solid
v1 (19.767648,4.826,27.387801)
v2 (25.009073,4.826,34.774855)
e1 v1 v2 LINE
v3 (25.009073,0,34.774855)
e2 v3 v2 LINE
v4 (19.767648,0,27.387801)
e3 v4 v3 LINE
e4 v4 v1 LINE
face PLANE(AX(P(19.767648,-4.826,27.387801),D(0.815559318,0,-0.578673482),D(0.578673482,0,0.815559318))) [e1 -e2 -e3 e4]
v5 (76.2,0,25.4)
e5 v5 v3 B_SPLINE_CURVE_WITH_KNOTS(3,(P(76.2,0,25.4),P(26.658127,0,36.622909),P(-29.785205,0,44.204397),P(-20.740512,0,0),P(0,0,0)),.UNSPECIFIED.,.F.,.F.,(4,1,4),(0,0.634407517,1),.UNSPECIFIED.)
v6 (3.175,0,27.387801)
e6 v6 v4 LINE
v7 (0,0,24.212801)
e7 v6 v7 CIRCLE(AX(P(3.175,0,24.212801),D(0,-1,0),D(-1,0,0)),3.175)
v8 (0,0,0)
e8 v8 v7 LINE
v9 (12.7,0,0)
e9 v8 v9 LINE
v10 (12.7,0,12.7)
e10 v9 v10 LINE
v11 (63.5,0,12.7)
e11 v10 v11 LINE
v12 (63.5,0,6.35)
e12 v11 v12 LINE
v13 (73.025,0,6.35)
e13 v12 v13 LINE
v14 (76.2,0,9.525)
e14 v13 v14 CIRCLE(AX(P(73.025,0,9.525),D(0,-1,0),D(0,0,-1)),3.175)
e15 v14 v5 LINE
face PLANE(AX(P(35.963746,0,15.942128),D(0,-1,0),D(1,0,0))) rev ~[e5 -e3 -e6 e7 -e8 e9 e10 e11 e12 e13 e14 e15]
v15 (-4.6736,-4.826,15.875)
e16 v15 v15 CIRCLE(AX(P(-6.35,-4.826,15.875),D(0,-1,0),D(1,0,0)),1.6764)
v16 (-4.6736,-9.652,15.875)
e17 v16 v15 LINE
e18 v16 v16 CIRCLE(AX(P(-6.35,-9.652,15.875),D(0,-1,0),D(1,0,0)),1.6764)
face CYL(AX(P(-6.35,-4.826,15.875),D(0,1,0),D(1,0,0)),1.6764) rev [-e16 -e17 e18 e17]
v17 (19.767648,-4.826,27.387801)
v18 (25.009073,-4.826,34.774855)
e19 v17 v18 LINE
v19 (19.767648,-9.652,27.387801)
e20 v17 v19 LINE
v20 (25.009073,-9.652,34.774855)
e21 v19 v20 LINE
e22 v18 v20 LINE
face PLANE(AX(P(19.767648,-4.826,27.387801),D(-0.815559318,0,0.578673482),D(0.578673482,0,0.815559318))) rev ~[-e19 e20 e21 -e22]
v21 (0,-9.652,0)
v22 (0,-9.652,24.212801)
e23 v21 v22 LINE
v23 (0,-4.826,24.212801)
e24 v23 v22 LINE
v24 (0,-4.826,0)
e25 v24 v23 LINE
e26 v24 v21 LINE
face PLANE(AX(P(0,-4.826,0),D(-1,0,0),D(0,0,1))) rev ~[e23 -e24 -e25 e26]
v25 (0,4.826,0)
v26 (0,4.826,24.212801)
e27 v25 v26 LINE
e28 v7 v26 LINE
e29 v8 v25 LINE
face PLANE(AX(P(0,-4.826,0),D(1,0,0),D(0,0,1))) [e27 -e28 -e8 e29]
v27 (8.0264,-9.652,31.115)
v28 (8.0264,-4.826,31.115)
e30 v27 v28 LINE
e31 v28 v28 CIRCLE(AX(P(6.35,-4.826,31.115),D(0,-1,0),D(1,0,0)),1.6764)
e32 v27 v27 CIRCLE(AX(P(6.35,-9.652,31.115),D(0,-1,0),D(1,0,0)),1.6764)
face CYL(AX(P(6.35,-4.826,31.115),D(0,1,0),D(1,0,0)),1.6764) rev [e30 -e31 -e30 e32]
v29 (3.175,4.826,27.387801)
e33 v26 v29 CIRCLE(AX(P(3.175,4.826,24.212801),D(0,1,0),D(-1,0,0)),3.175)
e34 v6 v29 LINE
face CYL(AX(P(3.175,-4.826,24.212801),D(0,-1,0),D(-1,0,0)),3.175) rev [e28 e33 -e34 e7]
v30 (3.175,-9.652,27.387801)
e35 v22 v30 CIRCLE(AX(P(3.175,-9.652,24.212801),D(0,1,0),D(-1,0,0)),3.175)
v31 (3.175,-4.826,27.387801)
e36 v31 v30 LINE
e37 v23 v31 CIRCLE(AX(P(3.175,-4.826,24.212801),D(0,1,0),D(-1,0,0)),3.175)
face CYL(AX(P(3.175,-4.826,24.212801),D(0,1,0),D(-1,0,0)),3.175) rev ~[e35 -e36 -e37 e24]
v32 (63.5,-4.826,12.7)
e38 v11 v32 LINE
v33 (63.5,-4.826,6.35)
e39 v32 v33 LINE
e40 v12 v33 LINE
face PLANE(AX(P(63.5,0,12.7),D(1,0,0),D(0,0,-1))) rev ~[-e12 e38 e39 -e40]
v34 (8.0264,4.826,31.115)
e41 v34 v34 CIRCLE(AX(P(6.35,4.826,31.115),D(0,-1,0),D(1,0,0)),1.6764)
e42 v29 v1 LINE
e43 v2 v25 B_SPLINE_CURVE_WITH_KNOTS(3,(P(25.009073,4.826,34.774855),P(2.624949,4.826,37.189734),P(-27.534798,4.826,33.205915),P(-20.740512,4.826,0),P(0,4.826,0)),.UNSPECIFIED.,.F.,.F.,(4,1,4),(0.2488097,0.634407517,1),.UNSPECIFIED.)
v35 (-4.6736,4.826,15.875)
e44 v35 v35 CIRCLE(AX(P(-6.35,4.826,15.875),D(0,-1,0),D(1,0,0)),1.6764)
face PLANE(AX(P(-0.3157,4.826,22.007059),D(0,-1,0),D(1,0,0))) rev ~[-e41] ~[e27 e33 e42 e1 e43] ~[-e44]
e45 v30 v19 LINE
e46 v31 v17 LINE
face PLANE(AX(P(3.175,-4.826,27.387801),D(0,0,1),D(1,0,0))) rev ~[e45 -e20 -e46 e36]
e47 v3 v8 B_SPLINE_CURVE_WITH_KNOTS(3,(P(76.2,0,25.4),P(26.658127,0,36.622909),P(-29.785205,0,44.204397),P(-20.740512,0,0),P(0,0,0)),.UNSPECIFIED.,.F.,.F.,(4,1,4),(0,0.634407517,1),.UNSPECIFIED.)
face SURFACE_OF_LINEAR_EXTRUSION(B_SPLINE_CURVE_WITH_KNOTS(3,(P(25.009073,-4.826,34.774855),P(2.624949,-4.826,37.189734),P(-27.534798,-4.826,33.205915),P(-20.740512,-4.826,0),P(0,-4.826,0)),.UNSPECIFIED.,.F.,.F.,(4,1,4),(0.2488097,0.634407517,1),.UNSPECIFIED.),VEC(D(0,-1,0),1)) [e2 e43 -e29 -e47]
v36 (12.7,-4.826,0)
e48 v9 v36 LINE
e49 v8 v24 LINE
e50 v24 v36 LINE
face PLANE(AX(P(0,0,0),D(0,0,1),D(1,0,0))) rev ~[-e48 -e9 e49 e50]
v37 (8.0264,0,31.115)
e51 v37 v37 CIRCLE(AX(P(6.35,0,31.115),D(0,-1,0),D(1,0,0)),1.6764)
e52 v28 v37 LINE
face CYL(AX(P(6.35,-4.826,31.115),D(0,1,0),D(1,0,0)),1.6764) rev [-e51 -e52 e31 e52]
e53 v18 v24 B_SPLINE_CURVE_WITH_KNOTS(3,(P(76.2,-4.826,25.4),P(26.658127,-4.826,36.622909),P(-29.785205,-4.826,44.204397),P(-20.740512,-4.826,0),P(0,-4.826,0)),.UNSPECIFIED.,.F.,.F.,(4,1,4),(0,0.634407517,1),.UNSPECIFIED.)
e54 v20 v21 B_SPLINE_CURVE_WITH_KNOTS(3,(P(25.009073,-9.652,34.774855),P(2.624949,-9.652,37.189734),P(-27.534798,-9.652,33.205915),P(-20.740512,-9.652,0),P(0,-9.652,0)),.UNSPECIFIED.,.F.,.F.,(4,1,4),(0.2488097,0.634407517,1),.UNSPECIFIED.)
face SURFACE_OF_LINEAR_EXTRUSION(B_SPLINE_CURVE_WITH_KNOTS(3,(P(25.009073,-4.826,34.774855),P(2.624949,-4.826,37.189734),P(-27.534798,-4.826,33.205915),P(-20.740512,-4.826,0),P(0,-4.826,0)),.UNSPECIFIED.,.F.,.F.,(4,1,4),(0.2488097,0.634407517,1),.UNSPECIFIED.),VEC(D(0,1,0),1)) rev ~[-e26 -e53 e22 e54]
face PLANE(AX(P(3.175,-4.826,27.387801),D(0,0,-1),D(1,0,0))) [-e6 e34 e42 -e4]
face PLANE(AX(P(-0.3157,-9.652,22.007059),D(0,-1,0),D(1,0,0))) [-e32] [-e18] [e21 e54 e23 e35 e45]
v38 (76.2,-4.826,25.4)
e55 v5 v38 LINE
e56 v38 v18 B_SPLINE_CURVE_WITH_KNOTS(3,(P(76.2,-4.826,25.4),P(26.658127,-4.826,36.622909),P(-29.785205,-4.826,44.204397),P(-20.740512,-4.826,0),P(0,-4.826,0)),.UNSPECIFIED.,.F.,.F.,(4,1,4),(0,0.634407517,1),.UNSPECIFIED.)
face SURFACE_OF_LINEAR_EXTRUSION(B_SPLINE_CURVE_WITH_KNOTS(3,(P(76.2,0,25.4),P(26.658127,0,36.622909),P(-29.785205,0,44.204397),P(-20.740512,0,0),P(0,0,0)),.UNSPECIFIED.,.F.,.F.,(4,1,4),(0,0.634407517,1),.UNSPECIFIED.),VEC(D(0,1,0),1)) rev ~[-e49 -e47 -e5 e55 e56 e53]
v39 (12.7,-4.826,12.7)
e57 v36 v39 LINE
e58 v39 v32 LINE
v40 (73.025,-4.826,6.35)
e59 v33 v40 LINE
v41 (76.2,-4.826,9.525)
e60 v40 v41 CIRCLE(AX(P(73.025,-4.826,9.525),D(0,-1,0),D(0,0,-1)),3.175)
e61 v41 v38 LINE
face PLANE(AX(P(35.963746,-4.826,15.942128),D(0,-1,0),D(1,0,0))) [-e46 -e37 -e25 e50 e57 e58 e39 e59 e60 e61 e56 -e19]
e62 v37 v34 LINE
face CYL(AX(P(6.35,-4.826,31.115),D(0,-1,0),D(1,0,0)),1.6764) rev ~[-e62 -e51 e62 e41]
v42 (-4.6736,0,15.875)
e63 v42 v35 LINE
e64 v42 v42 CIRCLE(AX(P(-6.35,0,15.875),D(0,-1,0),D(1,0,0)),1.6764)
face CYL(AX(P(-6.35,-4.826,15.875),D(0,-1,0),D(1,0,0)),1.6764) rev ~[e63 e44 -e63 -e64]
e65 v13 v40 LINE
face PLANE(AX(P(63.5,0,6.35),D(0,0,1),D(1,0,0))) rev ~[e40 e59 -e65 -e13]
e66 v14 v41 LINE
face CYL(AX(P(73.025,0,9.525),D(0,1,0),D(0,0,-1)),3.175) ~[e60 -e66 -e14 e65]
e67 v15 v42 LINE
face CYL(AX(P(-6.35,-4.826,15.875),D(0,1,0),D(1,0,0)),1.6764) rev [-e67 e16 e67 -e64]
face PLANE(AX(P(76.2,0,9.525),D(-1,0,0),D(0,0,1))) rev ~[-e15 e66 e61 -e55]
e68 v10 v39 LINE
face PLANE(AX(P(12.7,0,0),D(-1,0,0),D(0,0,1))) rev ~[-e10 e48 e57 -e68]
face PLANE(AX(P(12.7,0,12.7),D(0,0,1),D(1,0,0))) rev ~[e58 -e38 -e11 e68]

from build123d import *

# Parameters (mm, degrees)
F0_R          = 1.6764
F1_DEPTH      = 4.826
F2_R          = 1.6764
F3_DEPTH      = 4.826
F3_DEPTH_BACK = 9.652


with BuildPart() as f1:
    # F0 (on Front) → F1 (new body)
    with BuildSketch(Plane.XZ):
        with BuildLine():
            Line((0, 25.4), (0, 0))
            Line((0, 0), (12.7, 0))
            Line((12.7, 0), (12.7, 12.7))
            Line((12.7, 12.7), (63.5, 12.7))
            Line((63.5, 12.7), (63.5, 6.35))
            Line((63.5, 6.35), (73.025, 6.35))
            ThreePointArc((73.025, 6.35), (75.2700640303, 7.2799359697), (76.2, 9.525))
            Line((76.2, 9.525), (76.2, 25.4))
            Line((76.2, 25.4), (0, 25.4))
        make_face()
        with BuildLine():
            add(Edge.make_bspline(
                [(76.2, 25.4), (26.6581273418, 36.622909108), (-29.7852053598, 44.2043974935), (-20.7405121115, 0), (0, 0)],
                knots=[0, 0, 0, 0, 0.6344075171, 1, 1, 1, 1], degree=3))
            Line((0, 0), (0, 25.4))
            Line((0, 25.4), (76.2, 25.4))
        make_face()
        with Locations((-6.35, 15.875)):
            Circle(F0_R, mode=Mode.SUBTRACT)
        with Locations((6.35, 31.115)):
            Circle(F0_R, mode=Mode.SUBTRACT)
    extrude(amount=F1_DEPTH)

    # F2 (on face) → F3 (join, two sides)
    with BuildSketch(Plane.XZ.offset(4.826)) as f3_sk:
        with BuildLine():
            Line((3.175, 27.3878005167), (19.7676480954, 27.3878005167))
            Line((19.7676480954, 27.3878005167), (25.0090726158, 34.7748551155))
            add(Edge.make_bspline(
                [(25.0090726158, 34.7748551155), (2.6249492009, 37.1897339417), (-27.5347979466, 33.2059146169), (-20.7405121115, 0), (0, 0)],
                knots=[0.2488096999, 0.2488096999, 0.2488096999, 0.2488096999, 0.6344075171, 1, 1, 1, 1], degree=3))
            Line((0, 0), (0, 24.2128005167))
            ThreePointArc((0, 24.2128005167), (0.9299359697, 26.457864547), (3.175, 27.3878005167))
        make_face()
        with Locations((-6.35, 15.875)):
            Circle(F2_R, mode=Mode.SUBTRACT)
        with Locations((6.35, 31.115)):
            Circle(F2_R, mode=Mode.SUBTRACT)
    extrude(amount=F3_DEPTH)
    extrude(f3_sk.sketch, amount=-F3_DEPTH_BACK)


solid = f1.part
